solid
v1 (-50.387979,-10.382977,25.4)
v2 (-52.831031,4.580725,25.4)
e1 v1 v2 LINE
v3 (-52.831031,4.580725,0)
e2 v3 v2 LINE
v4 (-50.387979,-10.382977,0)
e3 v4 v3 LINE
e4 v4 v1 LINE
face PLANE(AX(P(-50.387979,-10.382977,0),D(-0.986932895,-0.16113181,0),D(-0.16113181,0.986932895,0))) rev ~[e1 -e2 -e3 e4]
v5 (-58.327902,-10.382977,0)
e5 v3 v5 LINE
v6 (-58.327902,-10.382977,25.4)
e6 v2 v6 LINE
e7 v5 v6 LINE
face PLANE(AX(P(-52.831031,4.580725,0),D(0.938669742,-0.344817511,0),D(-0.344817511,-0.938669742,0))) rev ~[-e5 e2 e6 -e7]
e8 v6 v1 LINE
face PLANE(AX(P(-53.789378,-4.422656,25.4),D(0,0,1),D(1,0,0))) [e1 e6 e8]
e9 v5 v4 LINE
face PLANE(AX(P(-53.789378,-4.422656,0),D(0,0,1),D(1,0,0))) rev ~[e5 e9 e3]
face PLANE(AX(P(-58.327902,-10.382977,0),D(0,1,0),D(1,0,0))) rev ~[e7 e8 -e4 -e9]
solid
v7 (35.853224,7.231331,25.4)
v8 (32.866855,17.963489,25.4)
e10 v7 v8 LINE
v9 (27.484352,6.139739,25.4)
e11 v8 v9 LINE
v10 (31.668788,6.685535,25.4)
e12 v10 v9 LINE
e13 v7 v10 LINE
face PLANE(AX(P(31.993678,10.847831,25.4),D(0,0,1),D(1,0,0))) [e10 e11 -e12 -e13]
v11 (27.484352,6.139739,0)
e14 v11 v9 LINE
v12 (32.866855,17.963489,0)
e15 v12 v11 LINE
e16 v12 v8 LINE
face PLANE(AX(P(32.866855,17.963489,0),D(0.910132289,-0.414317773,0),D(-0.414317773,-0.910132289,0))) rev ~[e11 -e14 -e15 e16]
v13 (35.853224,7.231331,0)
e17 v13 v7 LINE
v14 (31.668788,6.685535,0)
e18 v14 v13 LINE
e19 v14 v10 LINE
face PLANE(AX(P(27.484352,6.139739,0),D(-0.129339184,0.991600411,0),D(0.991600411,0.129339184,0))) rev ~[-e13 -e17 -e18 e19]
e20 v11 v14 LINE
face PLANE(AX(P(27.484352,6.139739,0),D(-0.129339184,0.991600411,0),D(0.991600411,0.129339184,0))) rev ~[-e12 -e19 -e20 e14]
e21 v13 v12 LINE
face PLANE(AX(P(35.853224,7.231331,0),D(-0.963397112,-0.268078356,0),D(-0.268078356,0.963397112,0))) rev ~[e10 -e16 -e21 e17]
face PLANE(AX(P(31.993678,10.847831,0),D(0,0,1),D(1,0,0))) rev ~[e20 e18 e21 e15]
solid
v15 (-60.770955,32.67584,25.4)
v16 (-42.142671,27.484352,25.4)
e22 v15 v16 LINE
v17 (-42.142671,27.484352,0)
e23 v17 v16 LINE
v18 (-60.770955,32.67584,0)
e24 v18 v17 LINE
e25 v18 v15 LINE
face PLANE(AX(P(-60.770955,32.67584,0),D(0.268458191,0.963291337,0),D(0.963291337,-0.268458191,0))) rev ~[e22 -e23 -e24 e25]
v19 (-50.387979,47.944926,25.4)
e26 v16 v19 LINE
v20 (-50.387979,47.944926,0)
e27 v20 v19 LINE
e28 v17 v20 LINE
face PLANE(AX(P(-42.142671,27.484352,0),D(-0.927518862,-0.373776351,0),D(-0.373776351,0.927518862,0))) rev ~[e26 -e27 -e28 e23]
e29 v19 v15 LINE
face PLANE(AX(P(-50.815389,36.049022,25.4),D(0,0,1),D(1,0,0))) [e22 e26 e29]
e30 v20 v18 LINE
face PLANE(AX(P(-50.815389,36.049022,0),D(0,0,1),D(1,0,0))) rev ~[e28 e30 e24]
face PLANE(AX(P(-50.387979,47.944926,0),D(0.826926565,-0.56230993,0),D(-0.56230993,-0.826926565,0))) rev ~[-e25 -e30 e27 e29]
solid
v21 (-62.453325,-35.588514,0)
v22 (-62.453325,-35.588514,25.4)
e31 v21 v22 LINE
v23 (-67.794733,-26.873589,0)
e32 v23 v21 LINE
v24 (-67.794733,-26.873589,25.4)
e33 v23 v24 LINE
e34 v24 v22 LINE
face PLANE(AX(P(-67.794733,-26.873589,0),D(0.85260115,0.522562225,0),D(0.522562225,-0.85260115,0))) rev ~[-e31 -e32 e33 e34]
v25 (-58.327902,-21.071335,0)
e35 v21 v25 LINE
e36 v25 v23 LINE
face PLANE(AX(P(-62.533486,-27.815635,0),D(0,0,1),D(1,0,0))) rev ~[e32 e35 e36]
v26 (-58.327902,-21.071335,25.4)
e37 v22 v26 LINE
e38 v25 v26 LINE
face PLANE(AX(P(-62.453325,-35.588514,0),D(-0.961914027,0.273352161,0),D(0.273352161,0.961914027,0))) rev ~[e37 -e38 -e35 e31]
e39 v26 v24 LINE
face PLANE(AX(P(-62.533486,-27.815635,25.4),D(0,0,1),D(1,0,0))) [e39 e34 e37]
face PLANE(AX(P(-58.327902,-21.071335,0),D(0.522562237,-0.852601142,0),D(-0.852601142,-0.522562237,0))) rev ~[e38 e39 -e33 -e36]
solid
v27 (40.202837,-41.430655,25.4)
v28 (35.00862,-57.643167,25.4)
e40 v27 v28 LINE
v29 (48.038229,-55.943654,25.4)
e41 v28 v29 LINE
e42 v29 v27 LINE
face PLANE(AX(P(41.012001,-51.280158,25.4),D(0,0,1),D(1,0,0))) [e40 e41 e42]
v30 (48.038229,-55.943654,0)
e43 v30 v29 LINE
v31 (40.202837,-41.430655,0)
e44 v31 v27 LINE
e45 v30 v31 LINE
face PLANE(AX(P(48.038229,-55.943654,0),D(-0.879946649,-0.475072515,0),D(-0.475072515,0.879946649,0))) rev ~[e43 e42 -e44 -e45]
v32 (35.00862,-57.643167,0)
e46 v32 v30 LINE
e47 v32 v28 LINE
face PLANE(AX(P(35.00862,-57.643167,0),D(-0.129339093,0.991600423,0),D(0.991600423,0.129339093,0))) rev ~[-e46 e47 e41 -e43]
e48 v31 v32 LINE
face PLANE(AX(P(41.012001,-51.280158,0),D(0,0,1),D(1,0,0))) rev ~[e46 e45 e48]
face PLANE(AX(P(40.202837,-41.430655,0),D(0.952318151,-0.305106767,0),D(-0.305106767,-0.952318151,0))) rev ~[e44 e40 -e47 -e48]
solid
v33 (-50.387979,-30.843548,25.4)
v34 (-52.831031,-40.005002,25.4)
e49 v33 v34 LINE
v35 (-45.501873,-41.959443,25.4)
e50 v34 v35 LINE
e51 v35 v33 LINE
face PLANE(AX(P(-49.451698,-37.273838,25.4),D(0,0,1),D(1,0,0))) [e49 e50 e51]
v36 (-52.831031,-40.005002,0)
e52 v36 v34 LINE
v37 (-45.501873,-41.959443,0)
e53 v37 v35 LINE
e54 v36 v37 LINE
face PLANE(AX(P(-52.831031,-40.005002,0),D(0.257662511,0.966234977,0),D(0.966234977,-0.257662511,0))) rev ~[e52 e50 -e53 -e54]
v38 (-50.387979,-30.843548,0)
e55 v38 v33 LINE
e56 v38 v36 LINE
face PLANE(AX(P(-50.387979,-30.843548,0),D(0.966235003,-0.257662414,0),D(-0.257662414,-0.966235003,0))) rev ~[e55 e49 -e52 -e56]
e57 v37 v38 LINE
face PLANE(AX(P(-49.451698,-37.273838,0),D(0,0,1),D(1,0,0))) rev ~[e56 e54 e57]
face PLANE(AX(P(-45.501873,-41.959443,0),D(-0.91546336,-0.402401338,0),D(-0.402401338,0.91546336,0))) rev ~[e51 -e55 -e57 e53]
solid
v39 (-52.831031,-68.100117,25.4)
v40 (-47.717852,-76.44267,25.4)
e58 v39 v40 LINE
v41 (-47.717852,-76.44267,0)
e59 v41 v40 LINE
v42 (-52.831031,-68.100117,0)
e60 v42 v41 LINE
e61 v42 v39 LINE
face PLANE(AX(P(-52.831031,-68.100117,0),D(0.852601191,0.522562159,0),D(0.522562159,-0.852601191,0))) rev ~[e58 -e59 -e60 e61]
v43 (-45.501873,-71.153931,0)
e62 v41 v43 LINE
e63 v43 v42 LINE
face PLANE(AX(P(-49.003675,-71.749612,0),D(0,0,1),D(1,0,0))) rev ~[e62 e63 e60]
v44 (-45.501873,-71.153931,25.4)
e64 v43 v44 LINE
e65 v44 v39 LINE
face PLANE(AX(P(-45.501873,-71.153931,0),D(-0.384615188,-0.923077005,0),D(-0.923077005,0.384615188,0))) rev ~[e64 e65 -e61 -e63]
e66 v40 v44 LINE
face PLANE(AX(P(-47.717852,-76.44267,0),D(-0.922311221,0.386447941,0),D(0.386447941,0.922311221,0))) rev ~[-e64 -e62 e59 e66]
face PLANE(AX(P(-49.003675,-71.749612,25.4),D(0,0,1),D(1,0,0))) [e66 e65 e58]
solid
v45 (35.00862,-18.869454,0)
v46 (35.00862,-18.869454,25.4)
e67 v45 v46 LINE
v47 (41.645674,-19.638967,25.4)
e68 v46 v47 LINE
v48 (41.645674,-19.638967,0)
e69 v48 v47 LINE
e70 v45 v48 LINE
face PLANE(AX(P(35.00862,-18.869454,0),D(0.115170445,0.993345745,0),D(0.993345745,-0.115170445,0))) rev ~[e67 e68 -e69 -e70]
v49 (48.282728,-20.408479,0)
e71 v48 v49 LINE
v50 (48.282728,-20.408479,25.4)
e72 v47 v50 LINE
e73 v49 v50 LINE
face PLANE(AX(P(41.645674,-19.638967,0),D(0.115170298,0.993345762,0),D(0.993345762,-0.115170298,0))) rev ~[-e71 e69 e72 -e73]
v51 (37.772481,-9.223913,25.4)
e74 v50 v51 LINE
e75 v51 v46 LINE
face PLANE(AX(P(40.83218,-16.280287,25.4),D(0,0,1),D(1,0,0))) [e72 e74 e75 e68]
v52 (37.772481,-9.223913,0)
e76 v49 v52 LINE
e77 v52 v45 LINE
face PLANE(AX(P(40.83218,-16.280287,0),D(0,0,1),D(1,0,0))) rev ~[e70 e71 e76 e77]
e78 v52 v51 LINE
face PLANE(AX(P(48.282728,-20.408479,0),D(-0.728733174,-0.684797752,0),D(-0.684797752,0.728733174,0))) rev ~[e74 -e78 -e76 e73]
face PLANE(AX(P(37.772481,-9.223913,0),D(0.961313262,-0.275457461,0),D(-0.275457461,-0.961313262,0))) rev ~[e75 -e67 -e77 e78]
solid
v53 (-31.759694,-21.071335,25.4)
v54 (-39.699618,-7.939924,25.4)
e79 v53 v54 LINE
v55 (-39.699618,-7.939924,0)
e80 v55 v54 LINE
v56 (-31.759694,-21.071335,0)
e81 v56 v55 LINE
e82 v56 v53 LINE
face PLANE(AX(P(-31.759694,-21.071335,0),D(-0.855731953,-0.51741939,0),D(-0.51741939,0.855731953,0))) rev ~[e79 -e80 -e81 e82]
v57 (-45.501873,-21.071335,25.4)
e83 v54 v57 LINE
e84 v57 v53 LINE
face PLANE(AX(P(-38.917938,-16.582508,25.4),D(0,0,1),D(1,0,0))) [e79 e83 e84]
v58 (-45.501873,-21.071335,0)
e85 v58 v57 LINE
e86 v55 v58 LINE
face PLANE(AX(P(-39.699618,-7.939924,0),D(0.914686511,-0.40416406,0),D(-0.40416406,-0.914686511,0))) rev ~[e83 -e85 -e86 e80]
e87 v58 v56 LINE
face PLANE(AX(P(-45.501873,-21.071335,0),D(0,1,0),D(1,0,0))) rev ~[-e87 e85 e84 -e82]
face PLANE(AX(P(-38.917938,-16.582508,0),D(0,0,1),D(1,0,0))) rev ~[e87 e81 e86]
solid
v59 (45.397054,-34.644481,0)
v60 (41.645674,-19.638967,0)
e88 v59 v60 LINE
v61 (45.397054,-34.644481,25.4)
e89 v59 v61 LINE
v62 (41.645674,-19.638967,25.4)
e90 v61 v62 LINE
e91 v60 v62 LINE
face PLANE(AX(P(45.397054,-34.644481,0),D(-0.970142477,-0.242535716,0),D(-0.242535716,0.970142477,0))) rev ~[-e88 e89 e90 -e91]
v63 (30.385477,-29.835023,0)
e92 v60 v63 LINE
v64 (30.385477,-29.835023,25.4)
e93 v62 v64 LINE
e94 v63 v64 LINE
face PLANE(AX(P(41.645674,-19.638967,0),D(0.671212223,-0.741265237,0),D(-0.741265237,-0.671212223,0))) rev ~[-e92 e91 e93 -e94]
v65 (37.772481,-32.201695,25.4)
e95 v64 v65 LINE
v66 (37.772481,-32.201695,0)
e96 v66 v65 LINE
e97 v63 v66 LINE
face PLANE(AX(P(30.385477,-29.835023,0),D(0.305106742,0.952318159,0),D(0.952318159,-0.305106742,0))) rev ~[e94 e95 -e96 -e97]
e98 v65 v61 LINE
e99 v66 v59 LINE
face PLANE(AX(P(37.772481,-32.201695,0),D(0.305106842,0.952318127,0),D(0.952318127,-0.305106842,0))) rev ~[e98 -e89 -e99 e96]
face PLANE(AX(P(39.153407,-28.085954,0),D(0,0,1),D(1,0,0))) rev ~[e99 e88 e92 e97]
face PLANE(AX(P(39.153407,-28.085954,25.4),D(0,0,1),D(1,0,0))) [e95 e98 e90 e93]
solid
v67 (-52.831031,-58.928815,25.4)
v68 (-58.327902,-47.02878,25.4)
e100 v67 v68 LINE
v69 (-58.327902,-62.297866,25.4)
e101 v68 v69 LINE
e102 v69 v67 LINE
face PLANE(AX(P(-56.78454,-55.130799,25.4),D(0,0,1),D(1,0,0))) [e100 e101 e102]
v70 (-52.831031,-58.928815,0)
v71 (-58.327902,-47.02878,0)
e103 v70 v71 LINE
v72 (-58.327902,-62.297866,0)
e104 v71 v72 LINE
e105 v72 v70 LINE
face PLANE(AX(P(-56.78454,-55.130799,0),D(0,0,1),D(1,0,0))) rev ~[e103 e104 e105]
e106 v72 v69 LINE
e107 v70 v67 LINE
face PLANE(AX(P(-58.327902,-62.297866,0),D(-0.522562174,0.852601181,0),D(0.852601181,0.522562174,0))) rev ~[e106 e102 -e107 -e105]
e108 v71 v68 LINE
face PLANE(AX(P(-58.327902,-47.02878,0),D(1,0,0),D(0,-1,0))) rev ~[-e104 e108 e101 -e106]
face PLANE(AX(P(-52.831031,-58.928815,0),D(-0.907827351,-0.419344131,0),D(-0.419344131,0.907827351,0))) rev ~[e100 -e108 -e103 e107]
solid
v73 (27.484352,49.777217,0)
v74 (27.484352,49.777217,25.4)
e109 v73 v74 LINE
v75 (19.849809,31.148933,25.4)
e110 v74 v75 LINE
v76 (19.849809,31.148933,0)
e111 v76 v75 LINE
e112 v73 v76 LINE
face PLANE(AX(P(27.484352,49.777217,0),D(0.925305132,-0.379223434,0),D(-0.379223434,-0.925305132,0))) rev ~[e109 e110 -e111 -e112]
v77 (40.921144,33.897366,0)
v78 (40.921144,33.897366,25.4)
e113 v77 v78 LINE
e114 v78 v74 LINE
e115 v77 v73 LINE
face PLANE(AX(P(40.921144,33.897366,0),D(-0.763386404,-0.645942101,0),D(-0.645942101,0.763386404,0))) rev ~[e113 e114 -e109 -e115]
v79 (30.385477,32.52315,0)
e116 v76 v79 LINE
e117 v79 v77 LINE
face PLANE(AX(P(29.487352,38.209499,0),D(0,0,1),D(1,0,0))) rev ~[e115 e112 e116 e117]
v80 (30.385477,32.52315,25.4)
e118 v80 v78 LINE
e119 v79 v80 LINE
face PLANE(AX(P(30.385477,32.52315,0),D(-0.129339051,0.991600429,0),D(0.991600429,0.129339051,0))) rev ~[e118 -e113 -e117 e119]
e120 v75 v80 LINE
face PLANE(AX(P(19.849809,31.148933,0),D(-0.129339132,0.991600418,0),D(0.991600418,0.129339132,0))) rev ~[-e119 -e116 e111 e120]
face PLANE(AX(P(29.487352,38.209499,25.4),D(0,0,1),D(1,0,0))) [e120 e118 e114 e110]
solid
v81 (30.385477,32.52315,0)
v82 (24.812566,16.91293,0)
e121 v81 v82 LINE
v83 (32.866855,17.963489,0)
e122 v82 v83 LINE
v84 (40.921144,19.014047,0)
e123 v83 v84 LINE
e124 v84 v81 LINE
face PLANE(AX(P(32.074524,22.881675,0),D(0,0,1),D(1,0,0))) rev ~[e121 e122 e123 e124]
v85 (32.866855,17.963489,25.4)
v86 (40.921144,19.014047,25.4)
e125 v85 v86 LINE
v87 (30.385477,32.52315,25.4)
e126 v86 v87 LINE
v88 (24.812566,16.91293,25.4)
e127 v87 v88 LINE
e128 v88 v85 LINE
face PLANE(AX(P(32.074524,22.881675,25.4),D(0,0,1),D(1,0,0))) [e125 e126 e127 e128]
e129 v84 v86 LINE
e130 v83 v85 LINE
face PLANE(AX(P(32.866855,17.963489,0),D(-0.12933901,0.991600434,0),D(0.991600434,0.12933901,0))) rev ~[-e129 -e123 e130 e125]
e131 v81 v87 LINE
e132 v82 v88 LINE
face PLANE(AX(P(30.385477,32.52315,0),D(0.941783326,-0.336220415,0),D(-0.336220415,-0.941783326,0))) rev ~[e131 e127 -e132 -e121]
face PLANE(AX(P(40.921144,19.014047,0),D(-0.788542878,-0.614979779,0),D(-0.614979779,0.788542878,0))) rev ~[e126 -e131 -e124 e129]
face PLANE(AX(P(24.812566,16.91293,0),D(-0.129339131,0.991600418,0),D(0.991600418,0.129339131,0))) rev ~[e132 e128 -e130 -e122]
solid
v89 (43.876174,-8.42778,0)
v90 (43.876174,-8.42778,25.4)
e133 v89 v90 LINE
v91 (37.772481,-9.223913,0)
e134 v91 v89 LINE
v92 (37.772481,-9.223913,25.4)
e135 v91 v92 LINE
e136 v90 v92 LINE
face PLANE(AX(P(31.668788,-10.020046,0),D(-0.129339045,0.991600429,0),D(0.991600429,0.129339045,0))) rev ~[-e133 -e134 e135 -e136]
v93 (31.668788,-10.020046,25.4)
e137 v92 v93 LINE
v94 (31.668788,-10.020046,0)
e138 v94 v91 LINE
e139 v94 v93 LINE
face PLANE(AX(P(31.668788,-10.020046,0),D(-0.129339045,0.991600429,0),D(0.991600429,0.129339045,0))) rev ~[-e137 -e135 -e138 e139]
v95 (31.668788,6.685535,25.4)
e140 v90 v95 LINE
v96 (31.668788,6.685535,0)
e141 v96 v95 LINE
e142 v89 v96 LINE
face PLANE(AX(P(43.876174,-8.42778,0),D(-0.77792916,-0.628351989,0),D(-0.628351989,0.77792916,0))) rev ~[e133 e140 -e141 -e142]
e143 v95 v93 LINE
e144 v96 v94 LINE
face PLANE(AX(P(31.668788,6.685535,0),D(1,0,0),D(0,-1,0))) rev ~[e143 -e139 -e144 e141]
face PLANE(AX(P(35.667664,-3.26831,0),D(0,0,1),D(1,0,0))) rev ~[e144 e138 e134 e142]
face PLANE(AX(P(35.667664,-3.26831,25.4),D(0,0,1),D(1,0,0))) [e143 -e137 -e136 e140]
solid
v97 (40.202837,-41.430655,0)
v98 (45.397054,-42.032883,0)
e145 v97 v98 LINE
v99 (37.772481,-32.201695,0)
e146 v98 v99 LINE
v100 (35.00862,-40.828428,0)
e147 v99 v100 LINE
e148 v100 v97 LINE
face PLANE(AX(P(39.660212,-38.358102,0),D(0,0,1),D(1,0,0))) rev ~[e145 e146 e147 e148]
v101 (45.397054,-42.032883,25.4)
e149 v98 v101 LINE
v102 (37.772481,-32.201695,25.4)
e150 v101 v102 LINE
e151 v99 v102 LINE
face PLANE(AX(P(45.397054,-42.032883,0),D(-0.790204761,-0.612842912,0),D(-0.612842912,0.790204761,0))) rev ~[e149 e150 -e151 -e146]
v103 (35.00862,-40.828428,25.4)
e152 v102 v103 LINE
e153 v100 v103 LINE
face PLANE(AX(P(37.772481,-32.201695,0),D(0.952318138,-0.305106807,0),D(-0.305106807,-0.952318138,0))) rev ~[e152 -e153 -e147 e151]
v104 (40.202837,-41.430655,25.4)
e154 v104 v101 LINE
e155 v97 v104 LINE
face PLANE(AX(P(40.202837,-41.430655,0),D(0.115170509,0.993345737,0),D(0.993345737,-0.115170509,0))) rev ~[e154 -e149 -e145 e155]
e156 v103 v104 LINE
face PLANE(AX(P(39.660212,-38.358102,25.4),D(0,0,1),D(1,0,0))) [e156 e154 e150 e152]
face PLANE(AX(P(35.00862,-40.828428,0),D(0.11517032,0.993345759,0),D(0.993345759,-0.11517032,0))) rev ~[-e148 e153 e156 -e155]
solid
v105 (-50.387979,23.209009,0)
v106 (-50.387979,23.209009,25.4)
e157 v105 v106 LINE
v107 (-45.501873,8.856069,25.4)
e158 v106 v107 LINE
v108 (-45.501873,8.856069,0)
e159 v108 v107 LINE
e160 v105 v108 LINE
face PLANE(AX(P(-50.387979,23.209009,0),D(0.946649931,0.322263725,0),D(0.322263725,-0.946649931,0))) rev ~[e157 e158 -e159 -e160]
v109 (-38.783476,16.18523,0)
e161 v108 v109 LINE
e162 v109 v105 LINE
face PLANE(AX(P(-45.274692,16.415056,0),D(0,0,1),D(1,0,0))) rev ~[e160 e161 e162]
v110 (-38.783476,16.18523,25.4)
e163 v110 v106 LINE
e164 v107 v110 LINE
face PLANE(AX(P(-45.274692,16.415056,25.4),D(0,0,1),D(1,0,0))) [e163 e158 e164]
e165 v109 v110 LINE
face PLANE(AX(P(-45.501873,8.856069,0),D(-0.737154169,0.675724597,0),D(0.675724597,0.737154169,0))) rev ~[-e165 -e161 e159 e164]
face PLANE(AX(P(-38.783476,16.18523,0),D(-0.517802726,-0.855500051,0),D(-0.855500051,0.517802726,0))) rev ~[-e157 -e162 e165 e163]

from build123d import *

# Parameters (mm, degrees)
F1_DEPTH = 25.4
F3_DEPTH = 25.4


with BuildPart() as f1:
    # F0 (on Top) → F1 (new body)
    with BuildSketch(Plane.XY):
        Polygon((-42.142671, 27.484352), (-50.387979, 47.944926), (-60.770955, 32.67584), align=None)
        Polygon((-38.783476, 16.18523), (-50.387979, 23.209009), (-45.501873, 8.856069), align=None)
        Polygon((-50.387979, -10.382977), (-52.831031, 4.580725), (-58.327902, -10.382977), align=None)
        Polygon((-31.759694, -21.071335), (-39.699618, -7.939924), (-45.501873, -21.071335), align=None)
        Polygon((-45.501873, -41.959443), (-50.387979, -30.843548), (-52.831031, -40.005002), align=None)
        Polygon((-62.453325, -35.588514), (-58.327902, -21.071335), (-67.794733, -26.873589), align=None)
        Polygon((-52.831031, -58.928815), (-58.327902, -47.02878), (-58.327902, -62.297866), align=None)
        Polygon((-45.501873, -71.153931), (-52.831031, -68.100117), (-47.717852, -76.44267), align=None)
    extrude(amount=F1_DEPTH)


with BuildPart() as f3:
    # F2 (on Top) → F3 (new body)
    with BuildSketch(Plane.XY):
        Polygon((40.921144, 33.897366), (27.484352, 49.777217), (19.849809, 31.148933), (30.385477, 32.52315), align=None)
        Polygon((48.038229, -55.943654), (40.202837, -41.430655), (35.00862, -57.643167), align=None)
        Polygon((45.397054, -42.032883), (37.772481, -32.201695), (35.00862, -40.828428), (40.202837, -41.430655), align=None)
        Polygon((45.397054, -34.644481), (41.645674, -19.638967), (30.385477, -29.835023), (37.772481, -32.201695), align=None)
        Polygon((48.282728, -20.408479), (37.772481, -9.223913), (35.00862, -18.869454), (41.645674, -19.638967), align=None)
        Polygon((43.876174, -8.42778), (31.668788, 6.685535), (31.668788, -10.020046), (37.772481, -9.223913), align=None)
        Polygon((35.853224, 7.231331), (32.866855, 17.963489), (27.484352, 6.139739), (31.668788, 6.685535), align=None)
        Polygon((40.921144, 19.014047), (30.385477, 32.52315), (24.812566, 16.91293), (32.866855, 17.963489), align=None)
    extrude(amount=F3_DEPTH)


solid = Compound([f1.part, f3.part])
